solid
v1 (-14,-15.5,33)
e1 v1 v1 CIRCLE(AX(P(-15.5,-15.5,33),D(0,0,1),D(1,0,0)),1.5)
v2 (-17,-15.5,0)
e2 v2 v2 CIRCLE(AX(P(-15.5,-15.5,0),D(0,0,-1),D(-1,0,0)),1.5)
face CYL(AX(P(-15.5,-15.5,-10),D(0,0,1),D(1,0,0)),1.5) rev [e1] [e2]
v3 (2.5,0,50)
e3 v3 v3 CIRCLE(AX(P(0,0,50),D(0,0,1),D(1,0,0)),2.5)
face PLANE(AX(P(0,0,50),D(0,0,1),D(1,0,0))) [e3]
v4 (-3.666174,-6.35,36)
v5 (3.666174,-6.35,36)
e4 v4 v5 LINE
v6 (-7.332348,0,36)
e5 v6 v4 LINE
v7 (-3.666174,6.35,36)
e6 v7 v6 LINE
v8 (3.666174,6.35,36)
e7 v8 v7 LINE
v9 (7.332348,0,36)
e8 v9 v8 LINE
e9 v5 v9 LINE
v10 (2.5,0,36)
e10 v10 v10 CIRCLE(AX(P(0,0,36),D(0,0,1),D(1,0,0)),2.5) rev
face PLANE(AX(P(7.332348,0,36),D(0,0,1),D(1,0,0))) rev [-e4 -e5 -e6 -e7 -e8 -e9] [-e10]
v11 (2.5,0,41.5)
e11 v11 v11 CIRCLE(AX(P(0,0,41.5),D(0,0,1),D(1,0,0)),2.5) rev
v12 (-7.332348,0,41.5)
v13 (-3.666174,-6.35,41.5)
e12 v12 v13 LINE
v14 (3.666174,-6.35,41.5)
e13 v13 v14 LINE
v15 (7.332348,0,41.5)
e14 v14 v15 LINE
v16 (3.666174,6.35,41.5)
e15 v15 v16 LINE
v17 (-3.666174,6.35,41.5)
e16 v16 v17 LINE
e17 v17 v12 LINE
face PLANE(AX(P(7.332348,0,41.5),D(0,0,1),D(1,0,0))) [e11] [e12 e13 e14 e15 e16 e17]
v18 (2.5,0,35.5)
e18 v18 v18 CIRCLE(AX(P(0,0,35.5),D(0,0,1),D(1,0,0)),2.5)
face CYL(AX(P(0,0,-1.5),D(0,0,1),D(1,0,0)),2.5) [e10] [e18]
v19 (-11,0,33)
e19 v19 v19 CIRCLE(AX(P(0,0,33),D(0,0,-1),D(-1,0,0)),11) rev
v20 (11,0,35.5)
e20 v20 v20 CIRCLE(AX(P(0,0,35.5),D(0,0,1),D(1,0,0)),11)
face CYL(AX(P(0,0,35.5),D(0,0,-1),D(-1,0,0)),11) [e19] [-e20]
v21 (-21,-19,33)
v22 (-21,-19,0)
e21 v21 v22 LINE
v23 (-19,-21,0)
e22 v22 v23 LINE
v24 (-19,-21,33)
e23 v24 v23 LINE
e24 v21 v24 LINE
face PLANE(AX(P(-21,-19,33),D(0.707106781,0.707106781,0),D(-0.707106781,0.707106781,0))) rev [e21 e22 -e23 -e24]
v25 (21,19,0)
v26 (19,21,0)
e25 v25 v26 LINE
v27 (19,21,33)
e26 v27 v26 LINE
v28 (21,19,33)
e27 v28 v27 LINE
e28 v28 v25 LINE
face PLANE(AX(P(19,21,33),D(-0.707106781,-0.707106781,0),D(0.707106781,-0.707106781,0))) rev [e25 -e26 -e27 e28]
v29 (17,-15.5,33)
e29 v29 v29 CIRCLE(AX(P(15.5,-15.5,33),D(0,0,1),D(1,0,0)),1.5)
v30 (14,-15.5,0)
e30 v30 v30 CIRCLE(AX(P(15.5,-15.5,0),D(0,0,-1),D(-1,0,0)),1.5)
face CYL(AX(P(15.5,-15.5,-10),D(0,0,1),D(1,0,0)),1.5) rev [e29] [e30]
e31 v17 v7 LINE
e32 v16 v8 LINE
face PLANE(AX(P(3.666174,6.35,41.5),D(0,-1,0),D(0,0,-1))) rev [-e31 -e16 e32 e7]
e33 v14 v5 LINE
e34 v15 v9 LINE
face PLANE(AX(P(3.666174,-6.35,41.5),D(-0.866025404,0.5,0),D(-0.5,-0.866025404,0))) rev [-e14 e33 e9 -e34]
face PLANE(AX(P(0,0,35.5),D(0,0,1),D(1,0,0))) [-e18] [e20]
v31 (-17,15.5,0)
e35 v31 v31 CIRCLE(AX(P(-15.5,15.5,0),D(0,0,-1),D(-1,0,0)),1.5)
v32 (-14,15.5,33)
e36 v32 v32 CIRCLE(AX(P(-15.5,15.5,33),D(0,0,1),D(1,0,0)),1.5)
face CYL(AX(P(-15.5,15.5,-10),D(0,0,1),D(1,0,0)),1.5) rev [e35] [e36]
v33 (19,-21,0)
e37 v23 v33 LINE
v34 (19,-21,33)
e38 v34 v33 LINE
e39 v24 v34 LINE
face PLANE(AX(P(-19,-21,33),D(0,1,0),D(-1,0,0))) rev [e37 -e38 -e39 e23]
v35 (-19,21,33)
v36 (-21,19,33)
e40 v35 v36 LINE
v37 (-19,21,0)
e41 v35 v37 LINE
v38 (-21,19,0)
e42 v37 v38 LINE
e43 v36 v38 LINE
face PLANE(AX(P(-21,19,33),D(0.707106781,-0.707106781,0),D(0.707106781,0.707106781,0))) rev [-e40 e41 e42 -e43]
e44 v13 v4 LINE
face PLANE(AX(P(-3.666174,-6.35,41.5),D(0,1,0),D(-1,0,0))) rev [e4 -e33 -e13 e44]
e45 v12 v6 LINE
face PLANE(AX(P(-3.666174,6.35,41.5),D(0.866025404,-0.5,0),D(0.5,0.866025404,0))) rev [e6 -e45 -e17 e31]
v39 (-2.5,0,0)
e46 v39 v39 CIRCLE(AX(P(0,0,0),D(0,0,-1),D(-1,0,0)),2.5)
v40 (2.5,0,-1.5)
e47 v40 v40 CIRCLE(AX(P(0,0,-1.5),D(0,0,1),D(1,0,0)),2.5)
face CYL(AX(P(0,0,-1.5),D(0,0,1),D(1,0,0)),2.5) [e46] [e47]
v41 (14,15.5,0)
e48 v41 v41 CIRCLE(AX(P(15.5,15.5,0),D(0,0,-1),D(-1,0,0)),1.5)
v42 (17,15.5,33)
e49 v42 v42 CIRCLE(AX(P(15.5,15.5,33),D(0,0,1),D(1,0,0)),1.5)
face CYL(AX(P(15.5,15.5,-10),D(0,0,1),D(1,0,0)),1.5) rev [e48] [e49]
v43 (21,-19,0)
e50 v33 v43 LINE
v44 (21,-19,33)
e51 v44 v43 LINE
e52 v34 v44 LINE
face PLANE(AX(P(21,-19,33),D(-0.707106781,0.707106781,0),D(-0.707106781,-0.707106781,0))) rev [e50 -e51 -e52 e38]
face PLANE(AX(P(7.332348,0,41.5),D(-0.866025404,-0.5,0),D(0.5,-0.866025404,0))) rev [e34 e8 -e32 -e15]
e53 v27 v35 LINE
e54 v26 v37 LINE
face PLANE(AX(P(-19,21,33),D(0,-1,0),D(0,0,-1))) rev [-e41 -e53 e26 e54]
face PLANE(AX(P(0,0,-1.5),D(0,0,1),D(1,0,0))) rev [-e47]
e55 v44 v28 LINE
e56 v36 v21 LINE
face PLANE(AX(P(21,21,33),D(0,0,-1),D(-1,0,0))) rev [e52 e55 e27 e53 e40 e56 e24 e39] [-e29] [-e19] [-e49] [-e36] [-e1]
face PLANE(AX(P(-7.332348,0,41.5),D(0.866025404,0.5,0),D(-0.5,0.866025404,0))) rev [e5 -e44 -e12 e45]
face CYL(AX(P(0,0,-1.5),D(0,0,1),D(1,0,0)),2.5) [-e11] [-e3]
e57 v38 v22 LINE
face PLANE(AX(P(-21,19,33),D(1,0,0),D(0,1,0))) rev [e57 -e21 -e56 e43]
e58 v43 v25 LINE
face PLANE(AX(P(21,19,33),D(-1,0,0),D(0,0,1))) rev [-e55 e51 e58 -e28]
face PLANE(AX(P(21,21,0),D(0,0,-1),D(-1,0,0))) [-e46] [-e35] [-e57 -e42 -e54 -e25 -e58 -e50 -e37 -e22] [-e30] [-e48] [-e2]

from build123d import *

# Parameters (mm, degrees)
EXTRUDE1_DEPTH      = 33
SKETCH2_R           = 1.5
EXTRUDE2_DEPTH      = 43
SKETCH3_R           = 11
EXTRUDE3_DEPTH      = 2.5
EXTRUDE4_DEPTH      = 14.5
EXTRUDE4_DEPTH_BACK = 37
SKETCH4_R           = 2.5
BOSS_EXTRUDE1_START = 0.5
BOSS_EXTRUDE1_DEPTH = 5.5


with BuildPart() as part:
    # Sketch1 → Extrude1 (new body)
    with BuildSketch(Plane.XY):
        Polygon((-21, 19), (-19, 21), (19, 21), (21, 19), (21, -19), (19, -21), (-19, -21), (-21, -19), align=None)
    extrude(amount=EXTRUDE1_DEPTH)

    # Sketch2 → Extrude2 (cut)
    with BuildSketch(Plane.XY.offset(33)):
        with Locations((-15.5, 15.5)):
            Circle(SKETCH2_R)
        with Locations((15.5, 15.5)):
            Circle(SKETCH2_R)
        with Locations((-15.5, -15.5)):
            Circle(SKETCH2_R)
        with Locations((15.5, -15.5)):
            Circle(SKETCH2_R)
    extrude(amount=-EXTRUDE2_DEPTH, mode=Mode.SUBTRACT)

    # Sketch3 → Extrude3 (add)
    with BuildSketch(Plane.XY.offset(33)):
        with Locations(Location((0, 0, 0), (0, 0, 180))):
            Circle(SKETCH3_R)
    extrude(amount=EXTRUDE3_DEPTH)

    # Sketch4 → Extrude4 (add, two sides: drawn at the far end of the back side and taken through both)
    with BuildSketch(Plane.XY.offset(35.5).offset(-EXTRUDE4_DEPTH_BACK)):
        Circle(SKETCH4_R)
    extrude(amount=EXTRUDE4_DEPTH + EXTRUDE4_DEPTH_BACK)

    # Sketch5 → Boss-Extrude1 (add)
    with BuildSketch(Plane.XY.offset(35.5).offset(BOSS_EXTRUDE1_START)):
        Polygon((7.332348419, 0), (3.666174209, 6.35), (-3.666174209, 6.35), (-7.332348419, 0), (-3.666174209, -6.35), (3.666174209, -6.35), align=None)
    extrude(amount=BOSS_EXTRUDE1_DEPTH)


solid = part.part
